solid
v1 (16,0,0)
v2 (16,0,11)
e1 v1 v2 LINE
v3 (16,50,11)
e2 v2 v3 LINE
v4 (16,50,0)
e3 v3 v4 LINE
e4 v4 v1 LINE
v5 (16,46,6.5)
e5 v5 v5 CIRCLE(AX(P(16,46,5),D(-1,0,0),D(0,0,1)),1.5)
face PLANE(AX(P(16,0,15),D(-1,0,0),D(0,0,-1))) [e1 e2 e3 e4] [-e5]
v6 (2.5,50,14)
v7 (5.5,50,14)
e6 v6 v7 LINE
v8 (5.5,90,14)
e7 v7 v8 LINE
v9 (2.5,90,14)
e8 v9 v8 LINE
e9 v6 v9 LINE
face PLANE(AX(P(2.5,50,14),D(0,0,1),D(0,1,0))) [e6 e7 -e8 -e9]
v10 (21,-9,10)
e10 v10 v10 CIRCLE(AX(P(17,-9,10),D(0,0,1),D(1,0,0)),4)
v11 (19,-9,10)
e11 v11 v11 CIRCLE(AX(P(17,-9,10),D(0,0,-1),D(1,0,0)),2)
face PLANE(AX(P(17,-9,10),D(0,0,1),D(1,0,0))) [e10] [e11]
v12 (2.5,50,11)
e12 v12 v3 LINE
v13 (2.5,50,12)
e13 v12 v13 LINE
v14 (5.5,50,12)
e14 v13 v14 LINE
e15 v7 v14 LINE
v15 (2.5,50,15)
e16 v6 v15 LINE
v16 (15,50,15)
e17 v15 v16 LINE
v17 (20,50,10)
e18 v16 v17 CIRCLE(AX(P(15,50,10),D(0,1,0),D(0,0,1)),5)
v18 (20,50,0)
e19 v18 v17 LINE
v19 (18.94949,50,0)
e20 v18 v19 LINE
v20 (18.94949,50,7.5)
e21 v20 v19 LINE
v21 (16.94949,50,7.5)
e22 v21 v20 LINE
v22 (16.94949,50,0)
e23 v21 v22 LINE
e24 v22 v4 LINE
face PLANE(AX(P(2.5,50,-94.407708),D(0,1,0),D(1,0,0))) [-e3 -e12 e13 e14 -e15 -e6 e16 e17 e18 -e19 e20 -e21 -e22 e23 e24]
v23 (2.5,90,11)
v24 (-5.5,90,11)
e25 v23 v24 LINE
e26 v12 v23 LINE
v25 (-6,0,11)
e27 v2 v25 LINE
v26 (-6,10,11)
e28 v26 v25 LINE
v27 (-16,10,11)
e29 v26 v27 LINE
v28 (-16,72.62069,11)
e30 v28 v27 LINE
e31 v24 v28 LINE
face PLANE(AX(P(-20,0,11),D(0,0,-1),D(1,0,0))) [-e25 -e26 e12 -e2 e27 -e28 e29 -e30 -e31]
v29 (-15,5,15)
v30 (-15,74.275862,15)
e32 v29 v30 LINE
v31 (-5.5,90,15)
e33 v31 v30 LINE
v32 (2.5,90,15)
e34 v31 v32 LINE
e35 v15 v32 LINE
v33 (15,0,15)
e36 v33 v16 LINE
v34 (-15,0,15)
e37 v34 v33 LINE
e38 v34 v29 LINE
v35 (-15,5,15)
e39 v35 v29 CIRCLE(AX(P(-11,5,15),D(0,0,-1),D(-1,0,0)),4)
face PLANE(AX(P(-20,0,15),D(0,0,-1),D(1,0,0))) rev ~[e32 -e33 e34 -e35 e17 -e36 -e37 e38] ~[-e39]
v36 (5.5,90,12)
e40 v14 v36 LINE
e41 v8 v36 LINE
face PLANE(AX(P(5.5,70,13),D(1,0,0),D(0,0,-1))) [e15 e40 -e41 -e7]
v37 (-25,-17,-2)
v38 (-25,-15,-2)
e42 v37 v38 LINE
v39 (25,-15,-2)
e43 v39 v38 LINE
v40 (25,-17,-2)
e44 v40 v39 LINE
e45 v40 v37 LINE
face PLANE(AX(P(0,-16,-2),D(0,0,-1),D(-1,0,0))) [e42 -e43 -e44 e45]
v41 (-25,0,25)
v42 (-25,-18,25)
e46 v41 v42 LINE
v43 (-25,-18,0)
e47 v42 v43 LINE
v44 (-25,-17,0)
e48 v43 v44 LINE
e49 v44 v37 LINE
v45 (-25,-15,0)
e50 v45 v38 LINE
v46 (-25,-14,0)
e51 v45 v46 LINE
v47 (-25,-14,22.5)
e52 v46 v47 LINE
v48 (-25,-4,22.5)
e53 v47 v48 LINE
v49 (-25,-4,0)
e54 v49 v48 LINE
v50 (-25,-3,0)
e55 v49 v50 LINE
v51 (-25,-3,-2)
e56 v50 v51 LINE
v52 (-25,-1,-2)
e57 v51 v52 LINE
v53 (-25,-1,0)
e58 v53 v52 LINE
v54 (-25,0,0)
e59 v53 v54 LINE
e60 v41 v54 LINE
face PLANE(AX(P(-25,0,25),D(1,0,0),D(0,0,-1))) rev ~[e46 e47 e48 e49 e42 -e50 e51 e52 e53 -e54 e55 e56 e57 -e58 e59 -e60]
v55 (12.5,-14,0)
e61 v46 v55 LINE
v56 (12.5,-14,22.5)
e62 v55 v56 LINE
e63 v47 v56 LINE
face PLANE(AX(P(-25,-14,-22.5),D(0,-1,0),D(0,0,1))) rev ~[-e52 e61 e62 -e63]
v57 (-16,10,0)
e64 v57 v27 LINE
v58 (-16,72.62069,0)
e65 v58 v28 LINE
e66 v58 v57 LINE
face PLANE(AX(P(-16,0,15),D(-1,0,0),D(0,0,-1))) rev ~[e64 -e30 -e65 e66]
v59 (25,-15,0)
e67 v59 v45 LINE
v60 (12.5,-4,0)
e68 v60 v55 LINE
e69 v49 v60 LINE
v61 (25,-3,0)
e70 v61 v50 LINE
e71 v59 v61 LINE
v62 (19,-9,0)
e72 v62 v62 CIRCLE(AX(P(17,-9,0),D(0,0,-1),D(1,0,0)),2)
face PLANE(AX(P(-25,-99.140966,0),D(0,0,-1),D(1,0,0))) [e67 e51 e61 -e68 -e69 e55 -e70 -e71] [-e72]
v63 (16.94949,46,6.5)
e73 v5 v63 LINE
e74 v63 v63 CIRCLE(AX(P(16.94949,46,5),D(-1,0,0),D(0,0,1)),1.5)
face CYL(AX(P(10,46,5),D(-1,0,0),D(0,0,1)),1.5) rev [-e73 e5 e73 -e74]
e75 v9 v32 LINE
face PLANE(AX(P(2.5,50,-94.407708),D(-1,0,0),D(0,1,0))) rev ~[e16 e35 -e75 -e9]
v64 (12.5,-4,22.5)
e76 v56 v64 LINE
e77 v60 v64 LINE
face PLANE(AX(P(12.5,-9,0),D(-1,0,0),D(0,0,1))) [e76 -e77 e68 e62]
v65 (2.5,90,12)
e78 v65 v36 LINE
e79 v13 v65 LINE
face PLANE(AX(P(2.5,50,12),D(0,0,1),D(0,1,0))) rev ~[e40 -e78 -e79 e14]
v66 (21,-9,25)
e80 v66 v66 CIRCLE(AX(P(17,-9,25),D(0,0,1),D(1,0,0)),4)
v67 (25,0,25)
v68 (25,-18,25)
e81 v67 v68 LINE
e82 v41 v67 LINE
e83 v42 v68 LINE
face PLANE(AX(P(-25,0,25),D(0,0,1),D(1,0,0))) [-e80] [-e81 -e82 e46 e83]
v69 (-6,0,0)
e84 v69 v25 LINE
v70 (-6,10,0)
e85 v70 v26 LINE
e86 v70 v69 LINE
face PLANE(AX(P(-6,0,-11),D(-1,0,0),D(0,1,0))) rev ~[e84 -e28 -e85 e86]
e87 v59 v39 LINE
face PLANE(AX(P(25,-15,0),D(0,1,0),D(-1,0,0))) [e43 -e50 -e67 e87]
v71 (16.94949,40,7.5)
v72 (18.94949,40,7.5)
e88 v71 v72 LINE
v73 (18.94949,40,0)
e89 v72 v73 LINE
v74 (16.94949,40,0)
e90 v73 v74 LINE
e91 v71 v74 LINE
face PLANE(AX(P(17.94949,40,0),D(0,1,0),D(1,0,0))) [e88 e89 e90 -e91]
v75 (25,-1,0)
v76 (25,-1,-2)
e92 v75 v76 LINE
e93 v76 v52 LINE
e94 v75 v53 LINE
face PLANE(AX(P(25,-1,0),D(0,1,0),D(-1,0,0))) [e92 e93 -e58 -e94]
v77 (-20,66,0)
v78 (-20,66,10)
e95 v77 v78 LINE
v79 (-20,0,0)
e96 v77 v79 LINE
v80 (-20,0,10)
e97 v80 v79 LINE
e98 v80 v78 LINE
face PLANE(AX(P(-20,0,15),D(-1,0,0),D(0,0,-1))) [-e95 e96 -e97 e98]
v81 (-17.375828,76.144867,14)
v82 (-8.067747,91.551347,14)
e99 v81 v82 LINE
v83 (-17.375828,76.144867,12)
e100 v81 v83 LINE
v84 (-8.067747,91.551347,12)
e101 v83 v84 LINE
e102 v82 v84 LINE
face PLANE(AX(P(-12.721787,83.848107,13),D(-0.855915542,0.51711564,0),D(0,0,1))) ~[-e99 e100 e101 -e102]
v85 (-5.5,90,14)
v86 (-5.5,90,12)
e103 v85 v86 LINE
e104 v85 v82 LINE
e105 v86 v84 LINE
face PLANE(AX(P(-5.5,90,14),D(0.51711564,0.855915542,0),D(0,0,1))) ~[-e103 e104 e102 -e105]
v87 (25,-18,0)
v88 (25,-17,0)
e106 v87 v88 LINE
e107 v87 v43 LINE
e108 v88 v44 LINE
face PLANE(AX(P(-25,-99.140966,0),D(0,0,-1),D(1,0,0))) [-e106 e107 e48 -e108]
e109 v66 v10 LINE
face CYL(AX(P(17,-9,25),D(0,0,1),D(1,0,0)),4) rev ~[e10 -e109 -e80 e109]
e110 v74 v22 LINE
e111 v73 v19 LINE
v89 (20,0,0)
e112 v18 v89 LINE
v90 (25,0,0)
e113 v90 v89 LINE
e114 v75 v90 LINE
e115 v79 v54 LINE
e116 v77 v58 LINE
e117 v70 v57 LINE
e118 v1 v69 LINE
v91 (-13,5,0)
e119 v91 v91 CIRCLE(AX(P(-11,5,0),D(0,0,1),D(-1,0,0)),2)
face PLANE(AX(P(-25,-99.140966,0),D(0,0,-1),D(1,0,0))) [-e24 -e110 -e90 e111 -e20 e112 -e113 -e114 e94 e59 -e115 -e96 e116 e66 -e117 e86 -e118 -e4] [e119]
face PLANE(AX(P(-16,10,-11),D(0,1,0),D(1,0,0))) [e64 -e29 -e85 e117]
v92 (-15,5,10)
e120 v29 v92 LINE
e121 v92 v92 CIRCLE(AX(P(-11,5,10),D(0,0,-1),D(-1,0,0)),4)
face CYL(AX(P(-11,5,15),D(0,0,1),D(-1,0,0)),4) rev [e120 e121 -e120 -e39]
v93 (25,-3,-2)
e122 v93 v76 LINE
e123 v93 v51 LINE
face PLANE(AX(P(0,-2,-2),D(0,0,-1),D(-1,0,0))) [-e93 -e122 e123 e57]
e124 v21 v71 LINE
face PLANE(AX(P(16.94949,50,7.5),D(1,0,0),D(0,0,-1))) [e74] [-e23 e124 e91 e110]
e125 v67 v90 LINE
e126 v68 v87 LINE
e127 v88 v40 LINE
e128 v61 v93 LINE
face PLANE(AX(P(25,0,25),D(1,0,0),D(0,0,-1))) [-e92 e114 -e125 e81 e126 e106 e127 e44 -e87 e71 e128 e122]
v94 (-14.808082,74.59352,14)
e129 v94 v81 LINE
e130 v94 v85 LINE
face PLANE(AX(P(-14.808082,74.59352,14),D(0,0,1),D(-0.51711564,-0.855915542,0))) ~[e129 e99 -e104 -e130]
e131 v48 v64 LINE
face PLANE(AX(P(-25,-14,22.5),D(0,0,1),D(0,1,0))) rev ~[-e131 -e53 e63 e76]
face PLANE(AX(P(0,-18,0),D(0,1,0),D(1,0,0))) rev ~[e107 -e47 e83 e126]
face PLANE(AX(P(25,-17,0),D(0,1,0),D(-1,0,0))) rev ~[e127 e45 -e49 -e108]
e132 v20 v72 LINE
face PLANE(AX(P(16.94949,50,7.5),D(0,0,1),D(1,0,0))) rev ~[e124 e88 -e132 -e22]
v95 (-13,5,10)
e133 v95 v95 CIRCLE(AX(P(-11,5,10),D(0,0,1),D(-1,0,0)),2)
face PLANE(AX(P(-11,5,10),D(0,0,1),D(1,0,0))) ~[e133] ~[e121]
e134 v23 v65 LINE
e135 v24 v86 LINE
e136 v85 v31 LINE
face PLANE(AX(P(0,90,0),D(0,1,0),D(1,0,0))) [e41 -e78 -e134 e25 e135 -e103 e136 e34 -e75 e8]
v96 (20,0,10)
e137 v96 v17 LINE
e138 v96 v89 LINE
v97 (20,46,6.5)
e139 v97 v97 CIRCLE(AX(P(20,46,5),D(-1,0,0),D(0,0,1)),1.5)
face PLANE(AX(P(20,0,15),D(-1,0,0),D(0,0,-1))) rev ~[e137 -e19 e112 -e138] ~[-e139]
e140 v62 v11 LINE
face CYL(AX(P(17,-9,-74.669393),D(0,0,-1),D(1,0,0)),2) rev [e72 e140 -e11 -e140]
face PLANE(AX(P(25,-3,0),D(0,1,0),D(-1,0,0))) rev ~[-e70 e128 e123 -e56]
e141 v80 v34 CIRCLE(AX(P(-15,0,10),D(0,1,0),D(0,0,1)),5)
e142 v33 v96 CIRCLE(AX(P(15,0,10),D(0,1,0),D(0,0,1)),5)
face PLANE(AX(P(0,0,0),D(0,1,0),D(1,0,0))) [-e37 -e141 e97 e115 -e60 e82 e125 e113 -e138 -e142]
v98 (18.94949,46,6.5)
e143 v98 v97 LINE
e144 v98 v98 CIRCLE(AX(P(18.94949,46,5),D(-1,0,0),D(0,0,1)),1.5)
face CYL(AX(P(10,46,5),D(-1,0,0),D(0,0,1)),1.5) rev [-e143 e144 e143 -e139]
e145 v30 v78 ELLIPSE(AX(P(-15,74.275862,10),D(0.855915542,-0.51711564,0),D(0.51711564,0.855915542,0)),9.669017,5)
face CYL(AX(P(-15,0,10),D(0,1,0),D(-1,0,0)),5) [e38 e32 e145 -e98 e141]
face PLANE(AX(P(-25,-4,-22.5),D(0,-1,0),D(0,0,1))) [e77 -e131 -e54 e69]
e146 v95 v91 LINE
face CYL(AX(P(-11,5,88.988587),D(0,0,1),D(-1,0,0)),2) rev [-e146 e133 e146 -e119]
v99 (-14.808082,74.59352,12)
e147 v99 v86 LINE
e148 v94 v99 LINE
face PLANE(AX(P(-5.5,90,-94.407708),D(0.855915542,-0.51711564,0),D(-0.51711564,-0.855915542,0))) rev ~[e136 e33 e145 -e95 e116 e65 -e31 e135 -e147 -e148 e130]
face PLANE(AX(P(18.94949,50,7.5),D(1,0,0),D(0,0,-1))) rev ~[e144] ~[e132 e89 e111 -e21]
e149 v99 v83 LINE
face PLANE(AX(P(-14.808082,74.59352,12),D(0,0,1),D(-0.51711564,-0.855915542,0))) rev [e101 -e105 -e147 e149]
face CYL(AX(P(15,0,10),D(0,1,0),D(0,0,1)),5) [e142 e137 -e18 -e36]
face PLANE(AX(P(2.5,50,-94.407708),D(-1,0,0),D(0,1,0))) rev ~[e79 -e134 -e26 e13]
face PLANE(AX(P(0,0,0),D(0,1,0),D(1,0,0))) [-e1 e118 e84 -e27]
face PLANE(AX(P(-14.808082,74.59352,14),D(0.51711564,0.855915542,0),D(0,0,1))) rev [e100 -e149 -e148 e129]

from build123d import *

# Parameters (mm, degrees)
SKETCH1_W                = 40
SKETCH1_H                = 30
BOSS_EXTRUDE1_DEPTH      = 90
SHELL1_T                 = -4
FILLET1_R                = 5
CUT_EXTRUDE1_DEPTH       = 94.407708461
CUT_EXTRUDE1_DEPTH_BACK  = 94.407708461
CUT_EXTRUDE2_DEPTH       = 94.407708461
CUT_EXTRUDE2_DEPTH_BACK  = 94.407708461
SKETCH3_W                = 17.5
SKETCH3_H                = 40
SKETCH5_W                = 2
SKETCH5_H                = 40
BOSS_EXTRUDE2_DEPTH      = 3
SKETCH6_W                = 2
SKETCH6_H                = 18
BOSS_EXTRUDE3_DEPTH      = 3
SKETCH8_W                = 50
SKETCH8_H                = 50
BOSS_EXTRUDE4_DEPTH      = 18
SKETCH10_W               = 45
SKETCH10_H               = 10
CUT_EXTRUDE4_DEPTH       = 37.5
BOSS_EXTRUDE5_REACH      = 103.502
SKETCH15_W               = 10
SKETCH15_H               = 10
CUT_EXTRUDE8_DEPTH       = 103.988587343
CUT_EXTRUDE8_DEPTH_BACK  = 103.988587343
SKETCH20_R               = 2
SKETCH21_R               = 4
CUT_EXTRUDE9_DEPTH       = 5
SKETCH23_W               = 2
SKETCH23_H               = 15
CUT_EXTRUDE10_DEPTH      = 10
CUT_EXTRUDE11_START      = -10
SKETCH24_R               = 1.5
CUT_EXTRUDE11_DEPTH      = 116.031657717
CUT_EXTRUDE12_DEPTH      = 99.140965569
CUT_EXTRUDE12_DEPTH_BACK = 99.140965569
SKETCH27_W               = 50
SKETCH27_H               = 25
SKETCH29_W               = 50
SKETCH29_H               = 2
BOSS_EXTRUDE6_DEPTH      = 2
SKETCH30_W               = 50
SKETCH30_H               = 2
BOSS_EXTRUDE7_DEPTH      = 2
CUT_EXTRUDE13_DEPTH      = 99.66939304
CUT_EXTRUDE13_DEPTH_BACK = 99.66939304
SKETCH31_R               = 2
SKETCH32_R               = 4
CUT_EXTRUDE14_DEPTH      = 15


with BuildPart() as part:
    # Sketch1 → Boss-Extrude1 (new body)
    with BuildSketch(Plane(origin=(0, 0, 0), x_dir=(1, 0, 0), z_dir=(0, 1, 0))):
        Rectangle(SKETCH1_W, SKETCH1_H)
    extrude(amount=BOSS_EXTRUDE1_DEPTH)

    # Shell1
    shell1_openings = [part.faces().sort_by_distance(p)[0] for p in [
        (0, 90, 0),
        (0, 0, 0),
    ]]
    offset(amount=SHELL1_T, openings=shell1_openings, kind=Kind.INTERSECTION)

    # Fillet1
    fillet1_edges = [part.edges().sort_by_distance(p)[0] for p in [
        (20, 45, 15),
        (-20, 45, 15),
        (-20, 45, -15),
        (20, 45, -15),
    ]]
    fillet(fillet1_edges, radius=FILLET1_R)

    # Sketch2 → Cut-Extrude1 (cut, two sides: drawn at the far end of the back side and taken through both)
    with BuildSketch(Plane.XY.offset(-CUT_EXTRUDE1_DEPTH_BACK)):
        Polygon((-5.5, 90), (-20, 66), (-20, 90), align=None)
    extrude(amount=CUT_EXTRUDE1_DEPTH + CUT_EXTRUDE1_DEPTH_BACK, mode=Mode.SUBTRACT)

    # Sketch3 → Cut-Extrude2 (cut, two sides: drawn at the far end of the back side and taken through both)
    with BuildSketch(Plane.XY.offset(-CUT_EXTRUDE2_DEPTH_BACK)):
        with Locations((11.25, 70)):
            Rectangle(SKETCH3_W, SKETCH3_H)
    extrude(amount=CUT_EXTRUDE2_DEPTH + CUT_EXTRUDE2_DEPTH_BACK, mode=Mode.SUBTRACT)

    # Sketch5 → Boss-Extrude2 (add)
    with BuildSketch(Plane(origin=(2.5, 0, 0), x_dir=(0, 0, -1), z_dir=(1, 0, 0))):
        with Locations((-13, 70)):
            Rectangle(SKETCH5_W, SKETCH5_H)
    boss_extrude2 = extrude(amount=BOSS_EXTRUDE2_DEPTH)

    # Mirror1: Boss-Extrude2 across plane
    add(boss_extrude2.mirror(Plane.XY))

    # Sketch6 → Boss-Extrude3 (add)
    with BuildSketch(Plane(origin=(-43.86391097, 26.501112878, 0), x_dir=(0, 0, 1), z_dir=(-0.8559155419457906, 0.5171156399255814, 0))):
        with Locations((-13, 65.188262756)):
            Rectangle(SKETCH6_W, SKETCH6_H)
    boss_extrude3 = extrude(amount=BOSS_EXTRUDE3_DEPTH)

    # Mirror2: Boss-Extrude3 across plane
    add(boss_extrude3.mirror(Plane.XY))

    # Sketch8 → Boss-Extrude4 (add)
    with BuildSketch(Plane(origin=(0, 0, 0), x_dir=(1, 0, 0), z_dir=(0, 1, 0))):
        Rectangle(SKETCH8_W, SKETCH8_H)
    extrude(amount=-BOSS_EXTRUDE4_DEPTH)

    # Sketch10 → Cut-Extrude4 (cut)
    with BuildSketch(Plane.ZY.offset(25)):
        with Locations((0, -9)):
            Rectangle(SKETCH10_W, SKETCH10_H)
    extrude(amount=-CUT_EXTRUDE4_DEPTH, mode=Mode.SUBTRACT)

    # Sketch15 → Boss-Extrude5 (add, up to next)
    with BuildSketch(Plane.XY.offset(-11), mode=Mode.PRIVATE) as boss_extrude5_sk1:
        with Locations((-11, 5)):
            Rectangle(SKETCH15_W, SKETCH15_H)
    boss_extrude5_tool1 = extrude(boss_extrude5_sk1.sketch, amount=BOSS_EXTRUDE5_REACH, mode=Mode.PRIVATE) - part.part
    add(boss_extrude5_tool1.solids().sort_by_distance((-11, 5, -11))[0])

    # Sketch20 → Cut-Extrude8 (cut, two sides: drawn at the far end of the back side and taken through both)
    with BuildSketch(Plane(origin=(0, 0, -15), x_dir=(-1, 0, 0), z_dir=(0, 0, -1)).offset(-CUT_EXTRUDE8_DEPTH_BACK)):
        with Locations((11, 5)):
            Circle(SKETCH20_R)
    extrude(amount=CUT_EXTRUDE8_DEPTH + CUT_EXTRUDE8_DEPTH_BACK, mode=Mode.SUBTRACT)

    # Sketch21 → Cut-Extrude9 (cut)
    with BuildSketch(Plane(origin=(0, 0, -15), x_dir=(-1, 0, 0), z_dir=(0, 0, -1))):
        with Locations((11, 5)):
            Circle(SKETCH21_R)
    cut_extrude9 = extrude(amount=-CUT_EXTRUDE9_DEPTH, mode=Mode.SUBTRACT)

    # Mirror3: Cut-Extrude9 across plane
    add(cut_extrude9.mirror(Plane.XY), mode=Mode.SUBTRACT)

    # Sketch23 → Cut-Extrude10 (cut)
    with BuildSketch(Plane(origin=(0, 50, 0), x_dir=(1, 0, 0), z_dir=(0, 1, 0))):
        with Locations((17.949489743, 0)):
            Rectangle(SKETCH23_W, SKETCH23_H)
    extrude(amount=-CUT_EXTRUDE10_DEPTH, mode=Mode.SUBTRACT)

    # Sketch24 → Cut-Extrude11 (cut)
    with BuildSketch(Plane(origin=(20, 0, 0), x_dir=(0, 0, -1), z_dir=(1, 0, 0)).offset(CUT_EXTRUDE11_START)):
        with Locations(Location((-5, 46, 0), (0, 0, 180))):
            Circle(SKETCH24_R)
    cut_extrude11 = extrude(amount=CUT_EXTRUDE11_DEPTH, mode=Mode.SUBTRACT)

    # Mirror4: Cut-Extrude11 across plane
    add(cut_extrude11.mirror(Plane.XY), mode=Mode.SUBTRACT)

    # Sketch27 → Cut-Extrude12 (cut, two sides: drawn at the far end of the back side and taken through both)
    with BuildSketch(Plane(origin=(0, 0, 0), x_dir=(1, 0, 0), z_dir=(0, 1, 0)).offset(-CUT_EXTRUDE12_DEPTH_BACK)):
        with Locations((0, 12.5)):
            Rectangle(SKETCH27_W, SKETCH27_H)
    extrude(amount=CUT_EXTRUDE12_DEPTH + CUT_EXTRUDE12_DEPTH_BACK, mode=Mode.SUBTRACT)

    # Sketch29 → Boss-Extrude6 (add)
    with BuildSketch(Plane(origin=(0, 0, 0), x_dir=(-1, 0, 0), z_dir=(0, 0, -1))):
        with Locations((0, -2)):
            Rectangle(SKETCH29_W, SKETCH29_H)
    extrude(amount=BOSS_EXTRUDE6_DEPTH)

    # Sketch30 → Boss-Extrude7 (add)
    with BuildSketch(Plane(origin=(0, 0, 0), x_dir=(-1, 0, 0), z_dir=(0, 0, -1))):
        with Locations((0, -16)):
            Rectangle(SKETCH30_W, SKETCH30_H)
    extrude(amount=BOSS_EXTRUDE7_DEPTH)

    # Sketch31 → Cut-Extrude13 (cut, two sides: drawn at the far end of the back side and taken through both)
    with BuildSketch(Plane.XY.offset(25).offset(-CUT_EXTRUDE13_DEPTH_BACK)):
        with Locations((17, -9)):
            Circle(SKETCH31_R)
    extrude(amount=CUT_EXTRUDE13_DEPTH + CUT_EXTRUDE13_DEPTH_BACK, mode=Mode.SUBTRACT)

    # Sketch32 → Cut-Extrude14 (cut)
    with BuildSketch(Plane.XY.offset(25)):
        with Locations((17, -9)):
            Circle(SKETCH32_R)
    extrude(amount=-CUT_EXTRUDE14_DEPTH, mode=Mode.SUBTRACT)


solid = part.part
